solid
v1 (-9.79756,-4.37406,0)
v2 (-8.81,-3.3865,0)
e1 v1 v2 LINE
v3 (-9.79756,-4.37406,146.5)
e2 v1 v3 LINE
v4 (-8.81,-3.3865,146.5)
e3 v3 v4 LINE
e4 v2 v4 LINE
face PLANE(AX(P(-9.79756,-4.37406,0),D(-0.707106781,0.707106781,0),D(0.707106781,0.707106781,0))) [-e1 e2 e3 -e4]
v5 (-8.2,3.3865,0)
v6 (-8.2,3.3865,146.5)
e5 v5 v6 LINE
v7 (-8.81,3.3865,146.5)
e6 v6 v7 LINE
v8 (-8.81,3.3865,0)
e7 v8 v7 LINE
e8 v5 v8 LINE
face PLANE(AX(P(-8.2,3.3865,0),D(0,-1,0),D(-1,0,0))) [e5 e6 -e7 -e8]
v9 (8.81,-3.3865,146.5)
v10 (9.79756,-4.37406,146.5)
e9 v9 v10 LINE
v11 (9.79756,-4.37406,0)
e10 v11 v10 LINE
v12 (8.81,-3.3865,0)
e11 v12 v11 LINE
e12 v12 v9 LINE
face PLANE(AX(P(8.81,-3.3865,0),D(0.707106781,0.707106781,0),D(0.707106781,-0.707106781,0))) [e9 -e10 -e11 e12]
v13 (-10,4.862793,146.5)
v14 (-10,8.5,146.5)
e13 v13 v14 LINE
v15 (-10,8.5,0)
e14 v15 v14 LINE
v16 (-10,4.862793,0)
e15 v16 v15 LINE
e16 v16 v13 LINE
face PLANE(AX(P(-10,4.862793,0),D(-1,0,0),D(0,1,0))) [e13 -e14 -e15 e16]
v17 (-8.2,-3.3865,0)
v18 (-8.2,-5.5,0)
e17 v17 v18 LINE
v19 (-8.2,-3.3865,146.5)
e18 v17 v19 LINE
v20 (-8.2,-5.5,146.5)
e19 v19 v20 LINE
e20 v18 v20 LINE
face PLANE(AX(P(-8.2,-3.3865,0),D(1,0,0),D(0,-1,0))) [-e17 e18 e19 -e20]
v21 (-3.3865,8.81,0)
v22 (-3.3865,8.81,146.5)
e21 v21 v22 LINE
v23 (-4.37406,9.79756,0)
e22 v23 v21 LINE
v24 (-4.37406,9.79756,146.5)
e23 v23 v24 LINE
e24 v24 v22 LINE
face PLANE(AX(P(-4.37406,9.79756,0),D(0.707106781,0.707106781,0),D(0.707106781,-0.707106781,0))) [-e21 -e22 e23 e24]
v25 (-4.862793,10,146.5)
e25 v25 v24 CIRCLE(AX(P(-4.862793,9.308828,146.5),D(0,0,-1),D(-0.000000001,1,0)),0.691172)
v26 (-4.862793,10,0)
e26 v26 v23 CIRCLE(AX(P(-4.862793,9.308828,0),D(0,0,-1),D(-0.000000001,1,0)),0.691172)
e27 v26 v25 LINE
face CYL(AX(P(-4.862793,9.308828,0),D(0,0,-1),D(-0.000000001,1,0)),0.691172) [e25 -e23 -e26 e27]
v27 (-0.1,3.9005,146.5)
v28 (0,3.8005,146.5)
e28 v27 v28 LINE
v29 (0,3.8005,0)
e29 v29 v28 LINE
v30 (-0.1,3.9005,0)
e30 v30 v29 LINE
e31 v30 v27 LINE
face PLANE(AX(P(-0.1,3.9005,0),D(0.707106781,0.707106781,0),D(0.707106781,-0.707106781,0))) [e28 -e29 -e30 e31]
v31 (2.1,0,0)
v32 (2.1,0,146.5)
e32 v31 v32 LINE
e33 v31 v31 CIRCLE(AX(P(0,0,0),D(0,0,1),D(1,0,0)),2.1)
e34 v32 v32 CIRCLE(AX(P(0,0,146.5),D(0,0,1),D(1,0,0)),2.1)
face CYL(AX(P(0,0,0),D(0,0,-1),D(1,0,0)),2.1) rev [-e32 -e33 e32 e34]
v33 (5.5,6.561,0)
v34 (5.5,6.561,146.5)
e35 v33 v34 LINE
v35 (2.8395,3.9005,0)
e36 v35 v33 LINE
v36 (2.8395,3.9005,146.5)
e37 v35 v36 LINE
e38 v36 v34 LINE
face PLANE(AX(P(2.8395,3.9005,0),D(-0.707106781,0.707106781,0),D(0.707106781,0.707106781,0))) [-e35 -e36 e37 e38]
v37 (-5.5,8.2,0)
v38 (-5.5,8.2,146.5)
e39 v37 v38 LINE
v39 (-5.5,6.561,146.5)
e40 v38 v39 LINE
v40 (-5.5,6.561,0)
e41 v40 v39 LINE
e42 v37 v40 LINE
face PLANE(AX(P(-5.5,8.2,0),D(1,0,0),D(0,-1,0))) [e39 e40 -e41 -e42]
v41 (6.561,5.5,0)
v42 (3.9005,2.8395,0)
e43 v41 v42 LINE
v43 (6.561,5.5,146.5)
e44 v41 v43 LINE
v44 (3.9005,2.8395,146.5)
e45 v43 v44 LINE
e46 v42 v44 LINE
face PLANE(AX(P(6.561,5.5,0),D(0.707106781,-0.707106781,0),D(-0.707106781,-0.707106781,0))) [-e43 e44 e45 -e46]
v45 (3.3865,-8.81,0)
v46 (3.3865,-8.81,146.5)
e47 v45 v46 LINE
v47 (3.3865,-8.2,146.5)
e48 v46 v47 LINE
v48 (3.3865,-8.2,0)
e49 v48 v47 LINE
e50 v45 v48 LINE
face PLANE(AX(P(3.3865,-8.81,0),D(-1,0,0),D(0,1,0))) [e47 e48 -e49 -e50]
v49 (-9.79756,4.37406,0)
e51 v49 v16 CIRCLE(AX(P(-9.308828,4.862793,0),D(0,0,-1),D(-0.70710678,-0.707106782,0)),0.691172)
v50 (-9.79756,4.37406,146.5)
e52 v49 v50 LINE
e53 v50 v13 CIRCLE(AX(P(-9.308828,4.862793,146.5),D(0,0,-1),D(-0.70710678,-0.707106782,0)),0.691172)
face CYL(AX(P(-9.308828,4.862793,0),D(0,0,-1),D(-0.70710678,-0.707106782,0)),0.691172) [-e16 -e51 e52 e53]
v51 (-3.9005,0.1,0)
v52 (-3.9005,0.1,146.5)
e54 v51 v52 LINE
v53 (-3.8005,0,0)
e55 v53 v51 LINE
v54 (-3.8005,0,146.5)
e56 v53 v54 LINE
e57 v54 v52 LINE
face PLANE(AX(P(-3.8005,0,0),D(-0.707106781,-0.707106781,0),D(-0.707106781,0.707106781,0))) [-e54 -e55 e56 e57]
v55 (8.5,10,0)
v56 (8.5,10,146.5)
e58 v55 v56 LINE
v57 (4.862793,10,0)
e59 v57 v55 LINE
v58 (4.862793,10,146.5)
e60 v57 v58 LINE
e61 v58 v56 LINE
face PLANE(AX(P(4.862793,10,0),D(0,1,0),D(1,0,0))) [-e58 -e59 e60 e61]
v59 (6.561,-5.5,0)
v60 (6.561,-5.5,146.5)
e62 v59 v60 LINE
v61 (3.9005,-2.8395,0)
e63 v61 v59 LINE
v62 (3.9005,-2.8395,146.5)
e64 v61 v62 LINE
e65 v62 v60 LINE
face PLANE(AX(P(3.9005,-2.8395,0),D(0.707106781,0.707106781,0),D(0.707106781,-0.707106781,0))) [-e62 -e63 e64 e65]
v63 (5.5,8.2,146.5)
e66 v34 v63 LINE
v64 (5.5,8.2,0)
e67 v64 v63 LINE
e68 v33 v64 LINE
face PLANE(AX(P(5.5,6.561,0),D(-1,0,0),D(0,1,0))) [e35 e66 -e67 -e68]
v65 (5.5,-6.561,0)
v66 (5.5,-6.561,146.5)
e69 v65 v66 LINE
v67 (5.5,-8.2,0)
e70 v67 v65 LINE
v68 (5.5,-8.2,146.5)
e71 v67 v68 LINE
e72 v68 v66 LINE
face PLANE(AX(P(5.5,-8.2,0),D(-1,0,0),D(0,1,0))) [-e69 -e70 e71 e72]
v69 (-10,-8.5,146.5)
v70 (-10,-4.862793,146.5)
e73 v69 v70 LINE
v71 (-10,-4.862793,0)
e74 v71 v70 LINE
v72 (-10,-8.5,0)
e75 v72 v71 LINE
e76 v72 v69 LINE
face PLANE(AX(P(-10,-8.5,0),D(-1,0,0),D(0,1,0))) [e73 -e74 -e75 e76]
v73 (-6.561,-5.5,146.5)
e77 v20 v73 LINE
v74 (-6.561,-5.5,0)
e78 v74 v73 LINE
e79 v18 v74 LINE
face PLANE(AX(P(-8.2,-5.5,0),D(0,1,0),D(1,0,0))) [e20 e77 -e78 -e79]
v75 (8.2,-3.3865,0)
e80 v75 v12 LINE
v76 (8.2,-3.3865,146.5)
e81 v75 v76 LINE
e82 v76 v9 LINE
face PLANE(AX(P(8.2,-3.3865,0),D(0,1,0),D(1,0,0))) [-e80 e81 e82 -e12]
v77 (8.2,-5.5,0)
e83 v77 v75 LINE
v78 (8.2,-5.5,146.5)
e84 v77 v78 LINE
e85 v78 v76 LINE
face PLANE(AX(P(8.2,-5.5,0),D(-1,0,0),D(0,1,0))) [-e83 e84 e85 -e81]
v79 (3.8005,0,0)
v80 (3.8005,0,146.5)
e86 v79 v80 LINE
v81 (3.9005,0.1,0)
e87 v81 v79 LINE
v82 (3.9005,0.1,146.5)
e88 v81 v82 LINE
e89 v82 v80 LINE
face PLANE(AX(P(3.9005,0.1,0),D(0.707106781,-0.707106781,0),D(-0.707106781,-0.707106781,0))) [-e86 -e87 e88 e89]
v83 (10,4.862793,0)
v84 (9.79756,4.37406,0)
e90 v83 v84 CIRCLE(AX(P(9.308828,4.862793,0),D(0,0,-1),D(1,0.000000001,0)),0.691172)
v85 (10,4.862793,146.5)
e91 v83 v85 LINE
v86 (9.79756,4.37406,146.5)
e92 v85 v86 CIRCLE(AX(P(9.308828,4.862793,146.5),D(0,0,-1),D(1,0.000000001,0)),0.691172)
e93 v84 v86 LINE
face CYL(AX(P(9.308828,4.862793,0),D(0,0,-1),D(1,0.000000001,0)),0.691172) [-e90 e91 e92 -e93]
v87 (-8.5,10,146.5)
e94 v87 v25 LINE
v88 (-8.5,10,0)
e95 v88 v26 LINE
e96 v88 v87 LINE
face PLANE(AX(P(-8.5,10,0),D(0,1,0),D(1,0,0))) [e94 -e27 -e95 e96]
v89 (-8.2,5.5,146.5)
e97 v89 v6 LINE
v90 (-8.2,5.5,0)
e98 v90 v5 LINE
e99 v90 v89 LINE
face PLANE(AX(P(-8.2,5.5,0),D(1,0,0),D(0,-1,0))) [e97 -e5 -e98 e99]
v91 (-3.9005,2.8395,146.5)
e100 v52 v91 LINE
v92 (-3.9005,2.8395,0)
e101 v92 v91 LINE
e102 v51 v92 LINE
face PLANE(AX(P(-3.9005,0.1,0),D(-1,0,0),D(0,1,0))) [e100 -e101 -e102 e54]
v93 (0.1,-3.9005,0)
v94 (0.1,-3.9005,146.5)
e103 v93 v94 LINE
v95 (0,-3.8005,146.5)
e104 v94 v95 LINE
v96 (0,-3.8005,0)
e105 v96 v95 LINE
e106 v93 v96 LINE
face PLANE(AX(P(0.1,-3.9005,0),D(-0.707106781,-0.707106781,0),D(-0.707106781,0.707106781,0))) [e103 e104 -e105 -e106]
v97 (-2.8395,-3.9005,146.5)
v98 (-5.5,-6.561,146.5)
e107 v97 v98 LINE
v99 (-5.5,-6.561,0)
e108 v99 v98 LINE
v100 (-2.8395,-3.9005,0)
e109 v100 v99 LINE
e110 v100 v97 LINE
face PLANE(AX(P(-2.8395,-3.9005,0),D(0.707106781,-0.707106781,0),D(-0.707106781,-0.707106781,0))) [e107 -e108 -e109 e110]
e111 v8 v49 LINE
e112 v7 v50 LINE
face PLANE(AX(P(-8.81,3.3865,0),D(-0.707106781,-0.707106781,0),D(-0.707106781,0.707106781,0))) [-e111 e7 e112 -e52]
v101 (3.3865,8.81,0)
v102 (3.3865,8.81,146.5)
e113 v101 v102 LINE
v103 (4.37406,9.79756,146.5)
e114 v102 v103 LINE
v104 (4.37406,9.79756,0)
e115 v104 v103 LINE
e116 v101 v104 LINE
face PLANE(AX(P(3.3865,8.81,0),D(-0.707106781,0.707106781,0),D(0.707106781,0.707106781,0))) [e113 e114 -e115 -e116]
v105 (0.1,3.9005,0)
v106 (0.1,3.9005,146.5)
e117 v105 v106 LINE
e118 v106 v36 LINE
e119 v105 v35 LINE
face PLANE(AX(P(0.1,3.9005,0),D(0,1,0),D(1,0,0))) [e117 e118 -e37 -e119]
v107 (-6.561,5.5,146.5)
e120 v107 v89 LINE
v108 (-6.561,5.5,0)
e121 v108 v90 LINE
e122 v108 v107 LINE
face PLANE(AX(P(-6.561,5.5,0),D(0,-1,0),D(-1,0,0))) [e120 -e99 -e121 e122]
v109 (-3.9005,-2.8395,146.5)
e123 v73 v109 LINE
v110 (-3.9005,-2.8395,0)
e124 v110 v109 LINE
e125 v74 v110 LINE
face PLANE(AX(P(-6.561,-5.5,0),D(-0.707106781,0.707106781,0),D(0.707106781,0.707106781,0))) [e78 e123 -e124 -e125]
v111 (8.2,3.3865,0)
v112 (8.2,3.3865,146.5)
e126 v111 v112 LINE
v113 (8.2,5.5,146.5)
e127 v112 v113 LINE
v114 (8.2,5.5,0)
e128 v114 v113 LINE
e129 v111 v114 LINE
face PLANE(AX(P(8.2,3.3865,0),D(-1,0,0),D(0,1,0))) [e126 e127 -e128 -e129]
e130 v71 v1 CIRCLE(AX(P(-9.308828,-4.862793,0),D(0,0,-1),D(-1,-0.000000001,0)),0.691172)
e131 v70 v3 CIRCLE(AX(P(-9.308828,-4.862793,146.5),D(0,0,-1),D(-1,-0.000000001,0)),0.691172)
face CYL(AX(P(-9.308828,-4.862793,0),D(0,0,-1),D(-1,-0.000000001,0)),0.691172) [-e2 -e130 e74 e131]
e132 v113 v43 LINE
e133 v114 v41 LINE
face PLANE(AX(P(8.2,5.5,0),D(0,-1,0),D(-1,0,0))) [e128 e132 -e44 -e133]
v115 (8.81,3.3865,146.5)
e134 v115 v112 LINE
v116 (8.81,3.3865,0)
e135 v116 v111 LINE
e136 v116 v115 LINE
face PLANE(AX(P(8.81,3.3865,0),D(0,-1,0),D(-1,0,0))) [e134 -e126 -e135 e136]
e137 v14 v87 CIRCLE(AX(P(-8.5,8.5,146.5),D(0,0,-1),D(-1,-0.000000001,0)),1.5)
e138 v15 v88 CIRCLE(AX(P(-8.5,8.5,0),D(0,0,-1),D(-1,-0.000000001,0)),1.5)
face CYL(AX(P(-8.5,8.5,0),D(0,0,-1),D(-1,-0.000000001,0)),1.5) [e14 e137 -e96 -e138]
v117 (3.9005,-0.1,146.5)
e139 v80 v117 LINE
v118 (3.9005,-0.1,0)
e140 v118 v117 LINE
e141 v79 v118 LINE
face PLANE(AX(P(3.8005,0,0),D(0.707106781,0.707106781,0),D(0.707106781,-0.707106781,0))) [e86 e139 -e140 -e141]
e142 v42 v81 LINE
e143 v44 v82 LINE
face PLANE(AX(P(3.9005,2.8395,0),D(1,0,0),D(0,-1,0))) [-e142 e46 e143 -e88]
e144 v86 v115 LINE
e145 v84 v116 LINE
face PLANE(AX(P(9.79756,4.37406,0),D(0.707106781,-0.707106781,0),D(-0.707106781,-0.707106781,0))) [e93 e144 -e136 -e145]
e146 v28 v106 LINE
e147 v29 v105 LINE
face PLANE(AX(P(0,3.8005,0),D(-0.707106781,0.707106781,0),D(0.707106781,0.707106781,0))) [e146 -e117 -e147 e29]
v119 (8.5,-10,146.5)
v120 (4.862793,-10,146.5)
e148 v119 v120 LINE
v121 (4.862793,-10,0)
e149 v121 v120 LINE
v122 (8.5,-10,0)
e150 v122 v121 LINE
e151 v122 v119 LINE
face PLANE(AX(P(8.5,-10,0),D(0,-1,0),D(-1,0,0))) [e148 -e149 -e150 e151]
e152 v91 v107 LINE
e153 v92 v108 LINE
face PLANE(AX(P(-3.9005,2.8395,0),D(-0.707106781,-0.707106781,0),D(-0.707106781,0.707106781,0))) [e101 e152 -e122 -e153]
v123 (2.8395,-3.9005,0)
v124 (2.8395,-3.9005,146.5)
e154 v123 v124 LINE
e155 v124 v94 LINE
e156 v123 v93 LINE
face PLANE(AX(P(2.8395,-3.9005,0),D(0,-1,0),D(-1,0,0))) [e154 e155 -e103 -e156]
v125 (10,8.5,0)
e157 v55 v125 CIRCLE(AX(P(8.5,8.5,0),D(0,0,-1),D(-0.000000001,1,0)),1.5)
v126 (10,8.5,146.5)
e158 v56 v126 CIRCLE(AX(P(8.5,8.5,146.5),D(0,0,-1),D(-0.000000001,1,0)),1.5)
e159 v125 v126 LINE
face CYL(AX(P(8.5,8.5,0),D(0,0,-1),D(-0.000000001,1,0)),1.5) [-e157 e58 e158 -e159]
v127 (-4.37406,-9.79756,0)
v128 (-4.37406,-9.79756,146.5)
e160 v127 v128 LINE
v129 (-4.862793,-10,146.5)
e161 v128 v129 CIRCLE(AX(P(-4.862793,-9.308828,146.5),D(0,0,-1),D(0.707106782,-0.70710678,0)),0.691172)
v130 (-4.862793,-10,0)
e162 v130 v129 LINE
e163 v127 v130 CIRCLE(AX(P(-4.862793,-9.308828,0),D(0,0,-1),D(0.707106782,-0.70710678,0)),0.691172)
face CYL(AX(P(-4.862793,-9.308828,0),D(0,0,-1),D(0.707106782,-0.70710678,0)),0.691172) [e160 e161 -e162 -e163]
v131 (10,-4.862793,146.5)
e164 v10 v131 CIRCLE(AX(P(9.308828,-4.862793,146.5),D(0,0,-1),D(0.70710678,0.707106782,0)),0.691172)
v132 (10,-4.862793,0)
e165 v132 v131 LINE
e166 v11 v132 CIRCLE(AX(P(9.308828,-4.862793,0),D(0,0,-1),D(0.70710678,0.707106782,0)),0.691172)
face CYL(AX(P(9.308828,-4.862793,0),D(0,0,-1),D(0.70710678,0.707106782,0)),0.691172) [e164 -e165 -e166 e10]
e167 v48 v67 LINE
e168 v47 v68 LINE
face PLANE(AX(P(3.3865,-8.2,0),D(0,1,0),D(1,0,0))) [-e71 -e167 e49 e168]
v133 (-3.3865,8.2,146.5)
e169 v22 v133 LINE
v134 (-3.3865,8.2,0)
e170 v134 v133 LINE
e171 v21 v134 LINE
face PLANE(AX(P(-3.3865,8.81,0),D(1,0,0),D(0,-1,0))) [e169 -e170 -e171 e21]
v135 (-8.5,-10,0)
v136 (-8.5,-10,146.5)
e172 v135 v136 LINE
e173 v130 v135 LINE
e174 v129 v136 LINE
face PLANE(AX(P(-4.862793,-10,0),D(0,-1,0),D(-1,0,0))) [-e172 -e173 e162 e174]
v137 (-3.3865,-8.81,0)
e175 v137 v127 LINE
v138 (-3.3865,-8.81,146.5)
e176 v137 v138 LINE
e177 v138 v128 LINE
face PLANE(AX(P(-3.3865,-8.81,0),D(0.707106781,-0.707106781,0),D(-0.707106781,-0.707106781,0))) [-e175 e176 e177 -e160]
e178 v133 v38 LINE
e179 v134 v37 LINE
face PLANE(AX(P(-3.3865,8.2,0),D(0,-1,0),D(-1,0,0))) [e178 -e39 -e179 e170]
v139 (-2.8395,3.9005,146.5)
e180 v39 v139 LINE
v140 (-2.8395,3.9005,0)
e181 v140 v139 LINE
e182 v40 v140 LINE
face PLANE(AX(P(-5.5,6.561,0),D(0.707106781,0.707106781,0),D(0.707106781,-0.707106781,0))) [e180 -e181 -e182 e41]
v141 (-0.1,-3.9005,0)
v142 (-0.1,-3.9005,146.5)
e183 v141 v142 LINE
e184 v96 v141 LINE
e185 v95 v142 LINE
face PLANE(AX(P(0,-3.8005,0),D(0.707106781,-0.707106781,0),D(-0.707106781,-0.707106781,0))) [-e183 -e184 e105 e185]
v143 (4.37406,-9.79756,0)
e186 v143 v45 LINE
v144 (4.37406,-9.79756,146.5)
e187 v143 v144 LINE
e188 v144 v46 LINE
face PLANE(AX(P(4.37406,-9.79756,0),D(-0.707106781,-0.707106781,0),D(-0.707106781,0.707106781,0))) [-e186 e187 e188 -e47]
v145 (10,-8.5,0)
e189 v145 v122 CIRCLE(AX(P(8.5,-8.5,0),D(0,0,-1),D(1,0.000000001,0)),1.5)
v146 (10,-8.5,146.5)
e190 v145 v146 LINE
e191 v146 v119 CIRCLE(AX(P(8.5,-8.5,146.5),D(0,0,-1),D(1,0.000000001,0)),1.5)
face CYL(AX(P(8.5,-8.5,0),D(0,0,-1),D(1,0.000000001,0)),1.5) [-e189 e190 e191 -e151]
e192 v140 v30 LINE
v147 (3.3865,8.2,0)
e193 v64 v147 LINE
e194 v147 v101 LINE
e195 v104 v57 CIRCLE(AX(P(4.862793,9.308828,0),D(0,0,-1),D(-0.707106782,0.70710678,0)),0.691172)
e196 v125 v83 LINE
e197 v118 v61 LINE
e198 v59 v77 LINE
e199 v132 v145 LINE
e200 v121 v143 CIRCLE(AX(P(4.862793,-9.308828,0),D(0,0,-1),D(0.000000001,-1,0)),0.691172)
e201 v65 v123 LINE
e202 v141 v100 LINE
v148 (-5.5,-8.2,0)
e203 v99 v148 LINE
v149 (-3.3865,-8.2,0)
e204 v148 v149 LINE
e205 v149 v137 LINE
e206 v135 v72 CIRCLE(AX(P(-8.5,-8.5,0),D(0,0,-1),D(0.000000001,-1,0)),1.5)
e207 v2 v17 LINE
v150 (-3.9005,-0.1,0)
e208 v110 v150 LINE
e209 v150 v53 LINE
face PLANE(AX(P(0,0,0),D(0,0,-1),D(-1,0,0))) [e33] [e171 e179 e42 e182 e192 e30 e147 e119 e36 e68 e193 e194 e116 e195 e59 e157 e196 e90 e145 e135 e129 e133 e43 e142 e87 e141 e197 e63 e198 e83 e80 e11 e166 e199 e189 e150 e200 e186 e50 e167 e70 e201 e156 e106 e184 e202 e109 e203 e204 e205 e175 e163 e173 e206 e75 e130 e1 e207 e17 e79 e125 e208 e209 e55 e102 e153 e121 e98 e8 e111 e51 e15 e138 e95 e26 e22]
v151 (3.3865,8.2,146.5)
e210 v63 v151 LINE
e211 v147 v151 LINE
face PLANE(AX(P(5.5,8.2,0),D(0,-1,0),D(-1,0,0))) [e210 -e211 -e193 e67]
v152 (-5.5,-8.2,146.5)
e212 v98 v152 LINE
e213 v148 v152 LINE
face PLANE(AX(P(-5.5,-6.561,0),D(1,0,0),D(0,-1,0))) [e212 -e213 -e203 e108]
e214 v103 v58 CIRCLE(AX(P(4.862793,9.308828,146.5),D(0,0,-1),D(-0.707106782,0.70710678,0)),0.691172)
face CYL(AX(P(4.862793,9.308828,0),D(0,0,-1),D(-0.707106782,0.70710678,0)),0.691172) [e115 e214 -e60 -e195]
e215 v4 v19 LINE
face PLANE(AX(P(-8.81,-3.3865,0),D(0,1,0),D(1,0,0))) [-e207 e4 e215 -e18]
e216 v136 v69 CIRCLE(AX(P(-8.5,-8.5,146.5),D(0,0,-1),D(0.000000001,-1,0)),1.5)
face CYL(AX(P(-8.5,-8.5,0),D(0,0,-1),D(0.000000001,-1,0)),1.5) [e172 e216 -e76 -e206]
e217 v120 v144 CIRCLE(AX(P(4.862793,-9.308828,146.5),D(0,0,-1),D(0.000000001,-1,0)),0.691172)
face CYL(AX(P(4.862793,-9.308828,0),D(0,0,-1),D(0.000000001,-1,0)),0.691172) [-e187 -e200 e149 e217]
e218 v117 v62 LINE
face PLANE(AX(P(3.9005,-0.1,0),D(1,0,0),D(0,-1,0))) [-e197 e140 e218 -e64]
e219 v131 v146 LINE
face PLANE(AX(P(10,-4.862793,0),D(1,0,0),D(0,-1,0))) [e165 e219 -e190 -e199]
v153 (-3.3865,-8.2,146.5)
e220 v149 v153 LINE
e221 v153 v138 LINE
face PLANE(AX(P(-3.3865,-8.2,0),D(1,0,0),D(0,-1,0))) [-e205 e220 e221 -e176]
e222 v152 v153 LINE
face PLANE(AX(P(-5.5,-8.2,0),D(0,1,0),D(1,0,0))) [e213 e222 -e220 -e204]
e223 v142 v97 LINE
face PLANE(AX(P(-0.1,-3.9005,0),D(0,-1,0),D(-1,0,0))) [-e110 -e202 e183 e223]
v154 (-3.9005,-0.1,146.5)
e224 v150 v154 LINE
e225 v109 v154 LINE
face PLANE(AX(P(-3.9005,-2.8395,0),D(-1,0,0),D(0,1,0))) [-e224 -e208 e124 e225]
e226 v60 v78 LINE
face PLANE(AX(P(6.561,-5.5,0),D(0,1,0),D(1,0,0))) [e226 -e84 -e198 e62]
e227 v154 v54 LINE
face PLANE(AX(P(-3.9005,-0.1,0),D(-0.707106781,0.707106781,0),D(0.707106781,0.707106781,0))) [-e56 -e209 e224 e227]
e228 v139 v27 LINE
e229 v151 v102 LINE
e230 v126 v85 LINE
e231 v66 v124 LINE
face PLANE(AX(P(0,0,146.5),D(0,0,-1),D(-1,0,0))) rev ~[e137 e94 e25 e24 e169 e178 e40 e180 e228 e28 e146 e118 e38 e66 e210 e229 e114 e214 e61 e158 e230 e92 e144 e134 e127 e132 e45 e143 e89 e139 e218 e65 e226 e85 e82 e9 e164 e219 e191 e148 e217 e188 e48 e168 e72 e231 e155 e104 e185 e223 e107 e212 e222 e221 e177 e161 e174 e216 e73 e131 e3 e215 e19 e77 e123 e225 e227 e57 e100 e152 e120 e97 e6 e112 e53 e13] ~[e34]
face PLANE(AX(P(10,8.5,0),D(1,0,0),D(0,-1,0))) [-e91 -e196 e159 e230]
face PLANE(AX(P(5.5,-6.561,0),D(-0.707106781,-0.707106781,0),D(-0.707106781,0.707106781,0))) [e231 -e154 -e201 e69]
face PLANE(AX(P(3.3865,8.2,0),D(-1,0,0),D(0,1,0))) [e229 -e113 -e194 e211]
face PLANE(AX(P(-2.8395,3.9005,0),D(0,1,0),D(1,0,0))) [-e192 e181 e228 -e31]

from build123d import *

# Parameters (mm, degrees)
SKETCH1_R           = 2.1
BOSS_EXTRUDE1_DEPTH = 146.5


with BuildPart() as part:
    # Sketch1 → Boss-Extrude1 (new body)
    with BuildSketch(Plane.XY):
        with BuildLine():
            Line((-8.5, 10), (-4.862792737, 10))
            ThreePointArc((-4.862792737, 10), (-4.598292737, 9.947387679), (-4.374060464, 9.797560464))
            Line((-4.374060464, 9.797560464), (-3.3865, 8.81))
            Line((-3.3865, 8.81), (-3.3865, 8.2))
            Line((-3.3865, 8.2), (-5.5, 8.2))
            Line((-5.5, 8.2), (-5.5, 6.561))
            Line((-5.5, 6.561), (-2.8395, 3.9005))
            Line((-2.8395, 3.9005), (-0.1, 3.9005))
            Line((-0.1, 3.9005), (0, 3.8005))
            Line((0, 3.8005), (0.1, 3.9005))
            Line((0.1, 3.9005), (2.8395, 3.9005))
            Line((2.8395, 3.9005), (5.5, 6.561))
            Line((5.5, 6.561), (5.5, 8.2))
            Line((5.5, 8.2), (3.3865, 8.2))
            Line((3.3865, 8.2), (3.3865, 8.81))
            Line((3.3865, 8.81), (4.374060464, 9.797560464))
            ThreePointArc((4.374060464, 9.797560464), (4.598292737, 9.947387679), (4.862792737, 10))
            Line((4.862792737, 10), (8.5, 10))
            ThreePointArc((8.5, 10), (9.560660172, 9.560660172), (10, 8.5))
            Line((10, 8.5), (10, 4.862792737))
            ThreePointArc((10, 4.862792737), (9.947387679, 4.598292737), (9.797560464, 4.374060464))
            Line((9.797560464, 4.374060464), (8.81, 3.3865))
            Line((8.81, 3.3865), (8.2, 3.3865))
            Line((8.2, 3.3865), (8.2, 5.5))
            Line((8.2, 5.5), (6.561, 5.5))
            Line((6.561, 5.5), (3.9005, 2.8395))
            Line((3.9005, 2.8395), (3.9005, 0.1))
            Line((3.9005, 0.1), (3.8005, 0))
            Line((3.8005, 0), (3.9005, -0.1))
            Line((3.9005, -0.1), (3.9005, -2.8395))
            Line((3.9005, -2.8395), (6.561, -5.5))
            Line((6.561, -5.5), (8.2, -5.5))
            Line((8.2, -5.5), (8.2, -3.3865))
            Line((8.2, -3.3865), (8.81, -3.3865))
            Line((8.81, -3.3865), (9.797560464, -4.374060464))
            ThreePointArc((9.797560464, -4.374060464), (9.947387679, -4.598292737), (10, -4.862792737))
            Line((10, -4.862792737), (10, -8.5))
            ThreePointArc((10, -8.5), (9.560660172, -9.560660172), (8.5, -10))
            Line((8.5, -10), (4.862792737, -10))
            ThreePointArc((4.862792737, -10), (4.598292737, -9.947387679), (4.374060464, -9.797560464))
            Line((4.374060464, -9.797560464), (3.3865, -8.81))
            Line((3.3865, -8.81), (3.3865, -8.2))
            Line((3.3865, -8.2), (5.5, -8.2))
            Line((5.5, -8.2), (5.5, -6.561))
            Line((5.5, -6.561), (2.8395, -3.9005))
            Line((2.8395, -3.9005), (0.1, -3.9005))
            Line((0.1, -3.9005), (0, -3.8005))
            Line((0, -3.8005), (-0.1, -3.9005))
            Line((-0.1, -3.9005), (-2.8395, -3.9005))
            Line((-2.8395, -3.9005), (-5.5, -6.561))
            Line((-5.5, -6.561), (-5.5, -8.2))
            Line((-5.5, -8.2), (-3.3865, -8.2))
            Line((-3.3865, -8.2), (-3.3865, -8.81))
            Line((-3.3865, -8.81), (-4.374060464, -9.797560464))
            ThreePointArc((-4.374060464, -9.797560464), (-4.598292737, -9.947387679), (-4.862792737, -10))
            Line((-4.862792737, -10), (-8.5, -10))
            ThreePointArc((-8.5, -10), (-9.560660172, -9.560660172), (-10, -8.5))
            Line((-10, -8.5), (-10, -4.862792737))
            ThreePointArc((-10, -4.862792737), (-9.947387679, -4.598292737), (-9.797560464, -4.374060464))
            Line((-9.797560464, -4.374060464), (-8.81, -3.3865))
            Line((-8.81, -3.3865), (-8.2, -3.3865))
            Line((-8.2, -3.3865), (-8.2, -5.5))
            Line((-8.2, -5.5), (-6.561, -5.5))
            Line((-6.561, -5.5), (-3.9005, -2.8395))
            Line((-3.9005, -2.8395), (-3.9005, -0.1))
            Line((-3.9005, -0.1), (-3.8005, 0))
            Line((-3.8005, 0), (-3.9005, 0.1))
            Line((-3.9005, 0.1), (-3.9005, 2.8395))
            Line((-3.9005, 2.8395), (-6.561, 5.5))
            Line((-6.561, 5.5), (-8.2, 5.5))
            Line((-8.2, 5.5), (-8.2, 3.3865))
            Line((-8.2, 3.3865), (-8.81, 3.3865))
            Line((-8.81, 3.3865), (-9.797560464, 4.374060464))
            ThreePointArc((-9.797560464, 4.374060464), (-9.947387679, 4.598292737), (-10, 4.862792737))
            Line((-10, 4.862792737), (-10, 8.5))
            ThreePointArc((-10, 8.5), (-9.560660172, 9.560660172), (-8.5, 10))
        make_face()
        Circle(SKETCH1_R, mode=Mode.SUBTRACT)
    extrude(amount=BOSS_EXTRUDE1_DEPTH)


solid = part.part
